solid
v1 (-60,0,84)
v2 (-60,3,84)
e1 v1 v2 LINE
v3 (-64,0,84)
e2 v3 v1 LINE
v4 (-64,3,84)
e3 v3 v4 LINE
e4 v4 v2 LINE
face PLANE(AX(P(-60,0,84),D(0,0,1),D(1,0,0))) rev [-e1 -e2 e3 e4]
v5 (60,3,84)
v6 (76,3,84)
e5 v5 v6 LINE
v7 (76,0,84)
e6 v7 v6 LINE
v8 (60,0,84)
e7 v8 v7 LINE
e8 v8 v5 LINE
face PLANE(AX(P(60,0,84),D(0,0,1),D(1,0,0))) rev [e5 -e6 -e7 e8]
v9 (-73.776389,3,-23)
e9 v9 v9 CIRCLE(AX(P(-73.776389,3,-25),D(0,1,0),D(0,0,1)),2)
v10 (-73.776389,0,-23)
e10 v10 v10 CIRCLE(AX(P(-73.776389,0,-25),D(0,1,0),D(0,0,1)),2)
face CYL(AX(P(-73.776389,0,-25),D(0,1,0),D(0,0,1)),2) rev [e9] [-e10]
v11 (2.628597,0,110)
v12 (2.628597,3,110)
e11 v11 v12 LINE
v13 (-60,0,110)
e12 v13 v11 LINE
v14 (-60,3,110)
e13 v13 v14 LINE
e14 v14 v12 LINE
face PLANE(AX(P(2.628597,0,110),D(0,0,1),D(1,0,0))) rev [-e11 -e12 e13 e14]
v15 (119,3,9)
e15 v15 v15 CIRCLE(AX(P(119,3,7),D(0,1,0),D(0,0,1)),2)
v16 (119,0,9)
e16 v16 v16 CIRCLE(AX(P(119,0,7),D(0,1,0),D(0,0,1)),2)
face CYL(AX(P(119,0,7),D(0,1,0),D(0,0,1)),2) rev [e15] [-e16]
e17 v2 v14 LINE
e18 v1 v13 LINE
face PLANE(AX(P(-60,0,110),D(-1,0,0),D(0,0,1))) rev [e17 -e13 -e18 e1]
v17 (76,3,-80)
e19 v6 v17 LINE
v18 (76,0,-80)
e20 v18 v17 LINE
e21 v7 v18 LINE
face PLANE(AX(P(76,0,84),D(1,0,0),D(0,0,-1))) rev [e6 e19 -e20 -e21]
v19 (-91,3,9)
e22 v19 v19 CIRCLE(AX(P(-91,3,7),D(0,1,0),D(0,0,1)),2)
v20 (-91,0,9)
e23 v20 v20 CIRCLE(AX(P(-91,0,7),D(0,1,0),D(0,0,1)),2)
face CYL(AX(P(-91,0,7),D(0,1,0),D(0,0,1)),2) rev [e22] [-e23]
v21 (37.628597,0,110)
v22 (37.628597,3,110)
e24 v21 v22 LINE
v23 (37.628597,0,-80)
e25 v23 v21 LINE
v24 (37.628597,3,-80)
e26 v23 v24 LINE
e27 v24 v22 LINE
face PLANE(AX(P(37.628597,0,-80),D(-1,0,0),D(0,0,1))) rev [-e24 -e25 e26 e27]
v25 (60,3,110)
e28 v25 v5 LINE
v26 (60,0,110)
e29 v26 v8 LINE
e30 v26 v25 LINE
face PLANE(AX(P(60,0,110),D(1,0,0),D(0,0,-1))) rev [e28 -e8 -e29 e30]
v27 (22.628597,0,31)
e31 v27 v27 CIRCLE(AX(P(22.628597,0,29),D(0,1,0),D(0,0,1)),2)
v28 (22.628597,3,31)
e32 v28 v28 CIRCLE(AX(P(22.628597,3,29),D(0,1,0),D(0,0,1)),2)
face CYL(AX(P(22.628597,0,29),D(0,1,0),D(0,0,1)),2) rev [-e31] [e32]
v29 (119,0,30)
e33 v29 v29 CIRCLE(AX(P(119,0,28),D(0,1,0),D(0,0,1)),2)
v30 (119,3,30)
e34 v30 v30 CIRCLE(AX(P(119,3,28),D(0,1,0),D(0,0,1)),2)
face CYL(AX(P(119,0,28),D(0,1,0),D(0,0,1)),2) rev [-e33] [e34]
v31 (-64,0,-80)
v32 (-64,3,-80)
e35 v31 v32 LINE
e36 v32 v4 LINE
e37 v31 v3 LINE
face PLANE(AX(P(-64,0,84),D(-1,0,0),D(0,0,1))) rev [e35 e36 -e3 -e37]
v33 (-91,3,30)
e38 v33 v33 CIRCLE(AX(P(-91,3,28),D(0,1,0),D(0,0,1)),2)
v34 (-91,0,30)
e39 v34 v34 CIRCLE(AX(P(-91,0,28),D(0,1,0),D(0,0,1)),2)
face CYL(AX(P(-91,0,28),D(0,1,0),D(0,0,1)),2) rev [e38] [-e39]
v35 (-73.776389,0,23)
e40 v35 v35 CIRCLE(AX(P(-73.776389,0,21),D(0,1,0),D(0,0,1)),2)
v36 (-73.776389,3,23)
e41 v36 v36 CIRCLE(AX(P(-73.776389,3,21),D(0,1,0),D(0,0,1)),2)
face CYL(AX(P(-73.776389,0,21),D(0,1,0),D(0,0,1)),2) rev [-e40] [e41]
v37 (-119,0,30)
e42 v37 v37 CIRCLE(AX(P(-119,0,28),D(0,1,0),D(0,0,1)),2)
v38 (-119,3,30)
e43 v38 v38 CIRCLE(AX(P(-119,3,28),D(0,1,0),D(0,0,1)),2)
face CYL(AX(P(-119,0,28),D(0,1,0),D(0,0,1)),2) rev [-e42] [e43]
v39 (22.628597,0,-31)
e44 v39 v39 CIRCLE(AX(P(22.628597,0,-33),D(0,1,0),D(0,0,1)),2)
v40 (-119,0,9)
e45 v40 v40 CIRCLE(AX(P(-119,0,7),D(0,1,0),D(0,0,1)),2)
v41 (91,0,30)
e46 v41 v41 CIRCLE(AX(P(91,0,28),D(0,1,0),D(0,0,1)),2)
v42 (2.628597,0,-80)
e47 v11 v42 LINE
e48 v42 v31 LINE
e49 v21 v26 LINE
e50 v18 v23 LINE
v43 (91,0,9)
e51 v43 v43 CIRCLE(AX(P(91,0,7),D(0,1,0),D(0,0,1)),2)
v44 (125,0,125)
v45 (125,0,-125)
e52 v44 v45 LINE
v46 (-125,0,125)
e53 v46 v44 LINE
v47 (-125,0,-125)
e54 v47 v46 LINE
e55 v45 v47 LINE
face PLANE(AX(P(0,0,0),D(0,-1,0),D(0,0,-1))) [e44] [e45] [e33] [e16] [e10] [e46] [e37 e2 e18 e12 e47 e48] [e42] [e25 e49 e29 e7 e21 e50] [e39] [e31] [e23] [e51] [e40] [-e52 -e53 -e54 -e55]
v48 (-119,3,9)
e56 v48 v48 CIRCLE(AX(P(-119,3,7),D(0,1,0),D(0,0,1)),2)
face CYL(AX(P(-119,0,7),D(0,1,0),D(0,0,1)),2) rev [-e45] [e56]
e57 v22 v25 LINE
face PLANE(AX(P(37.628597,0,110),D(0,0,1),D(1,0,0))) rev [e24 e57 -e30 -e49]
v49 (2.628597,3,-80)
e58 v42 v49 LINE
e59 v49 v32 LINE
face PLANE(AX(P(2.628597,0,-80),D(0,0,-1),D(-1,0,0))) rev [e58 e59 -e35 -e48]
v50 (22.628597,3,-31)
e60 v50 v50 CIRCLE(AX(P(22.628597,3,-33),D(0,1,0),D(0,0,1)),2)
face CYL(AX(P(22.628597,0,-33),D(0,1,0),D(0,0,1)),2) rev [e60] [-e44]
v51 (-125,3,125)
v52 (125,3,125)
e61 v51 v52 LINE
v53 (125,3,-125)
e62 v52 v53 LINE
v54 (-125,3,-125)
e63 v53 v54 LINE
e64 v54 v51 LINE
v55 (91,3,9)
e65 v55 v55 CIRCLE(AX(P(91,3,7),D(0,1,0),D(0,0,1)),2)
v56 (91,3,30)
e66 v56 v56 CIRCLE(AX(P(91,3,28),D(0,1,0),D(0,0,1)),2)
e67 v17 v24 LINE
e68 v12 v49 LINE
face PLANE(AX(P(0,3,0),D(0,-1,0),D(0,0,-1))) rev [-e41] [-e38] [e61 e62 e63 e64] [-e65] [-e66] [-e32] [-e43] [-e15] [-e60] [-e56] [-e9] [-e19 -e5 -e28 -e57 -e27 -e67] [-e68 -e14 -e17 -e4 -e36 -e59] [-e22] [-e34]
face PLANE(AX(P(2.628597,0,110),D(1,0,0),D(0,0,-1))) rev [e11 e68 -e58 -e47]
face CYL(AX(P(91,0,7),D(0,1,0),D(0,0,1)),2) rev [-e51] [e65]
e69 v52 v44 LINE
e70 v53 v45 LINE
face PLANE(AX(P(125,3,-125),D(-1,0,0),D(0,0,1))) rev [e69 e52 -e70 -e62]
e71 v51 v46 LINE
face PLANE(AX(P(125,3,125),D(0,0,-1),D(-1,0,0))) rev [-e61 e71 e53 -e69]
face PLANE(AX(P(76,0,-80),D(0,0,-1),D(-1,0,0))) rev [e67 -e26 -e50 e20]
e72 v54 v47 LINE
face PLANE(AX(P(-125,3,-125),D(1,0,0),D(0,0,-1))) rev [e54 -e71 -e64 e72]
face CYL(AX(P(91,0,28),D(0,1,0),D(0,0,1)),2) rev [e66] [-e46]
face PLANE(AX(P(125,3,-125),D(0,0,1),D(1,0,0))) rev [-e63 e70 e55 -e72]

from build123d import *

# Parameters (mm, degrees)
SKETCH1_W           = 250
SKETCH1_H           = 250
BOSS_EXTRUDE1_DEPTH = 3
SKETCH4_R           = 2
CUT_EXTRUDE1_DEPTH  = 3
CUT_EXTRUDE2_DEPTH  = 3


with BuildPart() as part:
    # Sketch1 → Boss-Extrude1 (new body)
    with BuildSketch(Plane(origin=(0, 0, 0), x_dir=(1, 0, 0), z_dir=(0, 1, 0))):
        Rectangle(SKETCH1_W, SKETCH1_H)
    extrude(amount=BOSS_EXTRUDE1_DEPTH)

    # Sketch4 → Cut-Extrude1 (cut)
    with BuildSketch(Plane(origin=(0, 3, 0), x_dir=(1, 0, 0), z_dir=(0, 1, 0))):
        with Locations(Location((91, -28, 0), (0, 0, 270))):
            Circle(SKETCH4_R)
        with Locations(Location((91, -7, 0), (0, 0, 270))):
            Circle(SKETCH4_R)
        with Locations(Location((119, -7, 0), (0, 0, 270))):
            Circle(SKETCH4_R)
        with Locations(Location((119, -28, 0), (0, 0, 270))):
            Circle(SKETCH4_R)
        with Locations(Location((22.62859709, -29, 0), (0, 0, 270))):
            Circle(SKETCH4_R)
        with Locations(Location((22.62859709, 33, 0), (0, 0, 270))):
            Circle(SKETCH4_R)
        with Locations(Location((-73.776388534, 25, 0), (0, 0, 270))):
            Circle(SKETCH4_R)
        with Locations(Location((-73.776388534, -21, 0), (0, 0, 270))):
            Circle(SKETCH4_R)
        with Locations(Location((-91, -28, 0), (0, 0, 270))):
            Circle(SKETCH4_R)
        with Locations(Location((-91, -7, 0), (0, 0, 270))):
            Circle(SKETCH4_R)
        with Locations(Location((-119, -7, 0), (0, 0, 270))):
            Circle(SKETCH4_R)
        with Locations(Location((-119, -28, 0), (0, 0, 270))):
            Circle(SKETCH4_R)
    extrude(amount=-CUT_EXTRUDE1_DEPTH, mode=Mode.SUBTRACT)

    # Sketch5 → Cut-Extrude2 (cut)
    with BuildSketch(Plane(origin=(0, 3, 0), x_dir=(1, 0, 0), z_dir=(0, 1, 0))):
        Polygon((2.62859709, -110), (-60, -110), (-60, -84), (-64, -84), (-64, 80), (2.62859709, 80), align=None)
        Polygon((37.62859709, 80), (37.62859709, -110), (60, -110), (60, -84), (76, -84), (76, 80), align=None)
    extrude(amount=-CUT_EXTRUDE2_DEPTH, mode=Mode.SUBTRACT)


solid = part.part
